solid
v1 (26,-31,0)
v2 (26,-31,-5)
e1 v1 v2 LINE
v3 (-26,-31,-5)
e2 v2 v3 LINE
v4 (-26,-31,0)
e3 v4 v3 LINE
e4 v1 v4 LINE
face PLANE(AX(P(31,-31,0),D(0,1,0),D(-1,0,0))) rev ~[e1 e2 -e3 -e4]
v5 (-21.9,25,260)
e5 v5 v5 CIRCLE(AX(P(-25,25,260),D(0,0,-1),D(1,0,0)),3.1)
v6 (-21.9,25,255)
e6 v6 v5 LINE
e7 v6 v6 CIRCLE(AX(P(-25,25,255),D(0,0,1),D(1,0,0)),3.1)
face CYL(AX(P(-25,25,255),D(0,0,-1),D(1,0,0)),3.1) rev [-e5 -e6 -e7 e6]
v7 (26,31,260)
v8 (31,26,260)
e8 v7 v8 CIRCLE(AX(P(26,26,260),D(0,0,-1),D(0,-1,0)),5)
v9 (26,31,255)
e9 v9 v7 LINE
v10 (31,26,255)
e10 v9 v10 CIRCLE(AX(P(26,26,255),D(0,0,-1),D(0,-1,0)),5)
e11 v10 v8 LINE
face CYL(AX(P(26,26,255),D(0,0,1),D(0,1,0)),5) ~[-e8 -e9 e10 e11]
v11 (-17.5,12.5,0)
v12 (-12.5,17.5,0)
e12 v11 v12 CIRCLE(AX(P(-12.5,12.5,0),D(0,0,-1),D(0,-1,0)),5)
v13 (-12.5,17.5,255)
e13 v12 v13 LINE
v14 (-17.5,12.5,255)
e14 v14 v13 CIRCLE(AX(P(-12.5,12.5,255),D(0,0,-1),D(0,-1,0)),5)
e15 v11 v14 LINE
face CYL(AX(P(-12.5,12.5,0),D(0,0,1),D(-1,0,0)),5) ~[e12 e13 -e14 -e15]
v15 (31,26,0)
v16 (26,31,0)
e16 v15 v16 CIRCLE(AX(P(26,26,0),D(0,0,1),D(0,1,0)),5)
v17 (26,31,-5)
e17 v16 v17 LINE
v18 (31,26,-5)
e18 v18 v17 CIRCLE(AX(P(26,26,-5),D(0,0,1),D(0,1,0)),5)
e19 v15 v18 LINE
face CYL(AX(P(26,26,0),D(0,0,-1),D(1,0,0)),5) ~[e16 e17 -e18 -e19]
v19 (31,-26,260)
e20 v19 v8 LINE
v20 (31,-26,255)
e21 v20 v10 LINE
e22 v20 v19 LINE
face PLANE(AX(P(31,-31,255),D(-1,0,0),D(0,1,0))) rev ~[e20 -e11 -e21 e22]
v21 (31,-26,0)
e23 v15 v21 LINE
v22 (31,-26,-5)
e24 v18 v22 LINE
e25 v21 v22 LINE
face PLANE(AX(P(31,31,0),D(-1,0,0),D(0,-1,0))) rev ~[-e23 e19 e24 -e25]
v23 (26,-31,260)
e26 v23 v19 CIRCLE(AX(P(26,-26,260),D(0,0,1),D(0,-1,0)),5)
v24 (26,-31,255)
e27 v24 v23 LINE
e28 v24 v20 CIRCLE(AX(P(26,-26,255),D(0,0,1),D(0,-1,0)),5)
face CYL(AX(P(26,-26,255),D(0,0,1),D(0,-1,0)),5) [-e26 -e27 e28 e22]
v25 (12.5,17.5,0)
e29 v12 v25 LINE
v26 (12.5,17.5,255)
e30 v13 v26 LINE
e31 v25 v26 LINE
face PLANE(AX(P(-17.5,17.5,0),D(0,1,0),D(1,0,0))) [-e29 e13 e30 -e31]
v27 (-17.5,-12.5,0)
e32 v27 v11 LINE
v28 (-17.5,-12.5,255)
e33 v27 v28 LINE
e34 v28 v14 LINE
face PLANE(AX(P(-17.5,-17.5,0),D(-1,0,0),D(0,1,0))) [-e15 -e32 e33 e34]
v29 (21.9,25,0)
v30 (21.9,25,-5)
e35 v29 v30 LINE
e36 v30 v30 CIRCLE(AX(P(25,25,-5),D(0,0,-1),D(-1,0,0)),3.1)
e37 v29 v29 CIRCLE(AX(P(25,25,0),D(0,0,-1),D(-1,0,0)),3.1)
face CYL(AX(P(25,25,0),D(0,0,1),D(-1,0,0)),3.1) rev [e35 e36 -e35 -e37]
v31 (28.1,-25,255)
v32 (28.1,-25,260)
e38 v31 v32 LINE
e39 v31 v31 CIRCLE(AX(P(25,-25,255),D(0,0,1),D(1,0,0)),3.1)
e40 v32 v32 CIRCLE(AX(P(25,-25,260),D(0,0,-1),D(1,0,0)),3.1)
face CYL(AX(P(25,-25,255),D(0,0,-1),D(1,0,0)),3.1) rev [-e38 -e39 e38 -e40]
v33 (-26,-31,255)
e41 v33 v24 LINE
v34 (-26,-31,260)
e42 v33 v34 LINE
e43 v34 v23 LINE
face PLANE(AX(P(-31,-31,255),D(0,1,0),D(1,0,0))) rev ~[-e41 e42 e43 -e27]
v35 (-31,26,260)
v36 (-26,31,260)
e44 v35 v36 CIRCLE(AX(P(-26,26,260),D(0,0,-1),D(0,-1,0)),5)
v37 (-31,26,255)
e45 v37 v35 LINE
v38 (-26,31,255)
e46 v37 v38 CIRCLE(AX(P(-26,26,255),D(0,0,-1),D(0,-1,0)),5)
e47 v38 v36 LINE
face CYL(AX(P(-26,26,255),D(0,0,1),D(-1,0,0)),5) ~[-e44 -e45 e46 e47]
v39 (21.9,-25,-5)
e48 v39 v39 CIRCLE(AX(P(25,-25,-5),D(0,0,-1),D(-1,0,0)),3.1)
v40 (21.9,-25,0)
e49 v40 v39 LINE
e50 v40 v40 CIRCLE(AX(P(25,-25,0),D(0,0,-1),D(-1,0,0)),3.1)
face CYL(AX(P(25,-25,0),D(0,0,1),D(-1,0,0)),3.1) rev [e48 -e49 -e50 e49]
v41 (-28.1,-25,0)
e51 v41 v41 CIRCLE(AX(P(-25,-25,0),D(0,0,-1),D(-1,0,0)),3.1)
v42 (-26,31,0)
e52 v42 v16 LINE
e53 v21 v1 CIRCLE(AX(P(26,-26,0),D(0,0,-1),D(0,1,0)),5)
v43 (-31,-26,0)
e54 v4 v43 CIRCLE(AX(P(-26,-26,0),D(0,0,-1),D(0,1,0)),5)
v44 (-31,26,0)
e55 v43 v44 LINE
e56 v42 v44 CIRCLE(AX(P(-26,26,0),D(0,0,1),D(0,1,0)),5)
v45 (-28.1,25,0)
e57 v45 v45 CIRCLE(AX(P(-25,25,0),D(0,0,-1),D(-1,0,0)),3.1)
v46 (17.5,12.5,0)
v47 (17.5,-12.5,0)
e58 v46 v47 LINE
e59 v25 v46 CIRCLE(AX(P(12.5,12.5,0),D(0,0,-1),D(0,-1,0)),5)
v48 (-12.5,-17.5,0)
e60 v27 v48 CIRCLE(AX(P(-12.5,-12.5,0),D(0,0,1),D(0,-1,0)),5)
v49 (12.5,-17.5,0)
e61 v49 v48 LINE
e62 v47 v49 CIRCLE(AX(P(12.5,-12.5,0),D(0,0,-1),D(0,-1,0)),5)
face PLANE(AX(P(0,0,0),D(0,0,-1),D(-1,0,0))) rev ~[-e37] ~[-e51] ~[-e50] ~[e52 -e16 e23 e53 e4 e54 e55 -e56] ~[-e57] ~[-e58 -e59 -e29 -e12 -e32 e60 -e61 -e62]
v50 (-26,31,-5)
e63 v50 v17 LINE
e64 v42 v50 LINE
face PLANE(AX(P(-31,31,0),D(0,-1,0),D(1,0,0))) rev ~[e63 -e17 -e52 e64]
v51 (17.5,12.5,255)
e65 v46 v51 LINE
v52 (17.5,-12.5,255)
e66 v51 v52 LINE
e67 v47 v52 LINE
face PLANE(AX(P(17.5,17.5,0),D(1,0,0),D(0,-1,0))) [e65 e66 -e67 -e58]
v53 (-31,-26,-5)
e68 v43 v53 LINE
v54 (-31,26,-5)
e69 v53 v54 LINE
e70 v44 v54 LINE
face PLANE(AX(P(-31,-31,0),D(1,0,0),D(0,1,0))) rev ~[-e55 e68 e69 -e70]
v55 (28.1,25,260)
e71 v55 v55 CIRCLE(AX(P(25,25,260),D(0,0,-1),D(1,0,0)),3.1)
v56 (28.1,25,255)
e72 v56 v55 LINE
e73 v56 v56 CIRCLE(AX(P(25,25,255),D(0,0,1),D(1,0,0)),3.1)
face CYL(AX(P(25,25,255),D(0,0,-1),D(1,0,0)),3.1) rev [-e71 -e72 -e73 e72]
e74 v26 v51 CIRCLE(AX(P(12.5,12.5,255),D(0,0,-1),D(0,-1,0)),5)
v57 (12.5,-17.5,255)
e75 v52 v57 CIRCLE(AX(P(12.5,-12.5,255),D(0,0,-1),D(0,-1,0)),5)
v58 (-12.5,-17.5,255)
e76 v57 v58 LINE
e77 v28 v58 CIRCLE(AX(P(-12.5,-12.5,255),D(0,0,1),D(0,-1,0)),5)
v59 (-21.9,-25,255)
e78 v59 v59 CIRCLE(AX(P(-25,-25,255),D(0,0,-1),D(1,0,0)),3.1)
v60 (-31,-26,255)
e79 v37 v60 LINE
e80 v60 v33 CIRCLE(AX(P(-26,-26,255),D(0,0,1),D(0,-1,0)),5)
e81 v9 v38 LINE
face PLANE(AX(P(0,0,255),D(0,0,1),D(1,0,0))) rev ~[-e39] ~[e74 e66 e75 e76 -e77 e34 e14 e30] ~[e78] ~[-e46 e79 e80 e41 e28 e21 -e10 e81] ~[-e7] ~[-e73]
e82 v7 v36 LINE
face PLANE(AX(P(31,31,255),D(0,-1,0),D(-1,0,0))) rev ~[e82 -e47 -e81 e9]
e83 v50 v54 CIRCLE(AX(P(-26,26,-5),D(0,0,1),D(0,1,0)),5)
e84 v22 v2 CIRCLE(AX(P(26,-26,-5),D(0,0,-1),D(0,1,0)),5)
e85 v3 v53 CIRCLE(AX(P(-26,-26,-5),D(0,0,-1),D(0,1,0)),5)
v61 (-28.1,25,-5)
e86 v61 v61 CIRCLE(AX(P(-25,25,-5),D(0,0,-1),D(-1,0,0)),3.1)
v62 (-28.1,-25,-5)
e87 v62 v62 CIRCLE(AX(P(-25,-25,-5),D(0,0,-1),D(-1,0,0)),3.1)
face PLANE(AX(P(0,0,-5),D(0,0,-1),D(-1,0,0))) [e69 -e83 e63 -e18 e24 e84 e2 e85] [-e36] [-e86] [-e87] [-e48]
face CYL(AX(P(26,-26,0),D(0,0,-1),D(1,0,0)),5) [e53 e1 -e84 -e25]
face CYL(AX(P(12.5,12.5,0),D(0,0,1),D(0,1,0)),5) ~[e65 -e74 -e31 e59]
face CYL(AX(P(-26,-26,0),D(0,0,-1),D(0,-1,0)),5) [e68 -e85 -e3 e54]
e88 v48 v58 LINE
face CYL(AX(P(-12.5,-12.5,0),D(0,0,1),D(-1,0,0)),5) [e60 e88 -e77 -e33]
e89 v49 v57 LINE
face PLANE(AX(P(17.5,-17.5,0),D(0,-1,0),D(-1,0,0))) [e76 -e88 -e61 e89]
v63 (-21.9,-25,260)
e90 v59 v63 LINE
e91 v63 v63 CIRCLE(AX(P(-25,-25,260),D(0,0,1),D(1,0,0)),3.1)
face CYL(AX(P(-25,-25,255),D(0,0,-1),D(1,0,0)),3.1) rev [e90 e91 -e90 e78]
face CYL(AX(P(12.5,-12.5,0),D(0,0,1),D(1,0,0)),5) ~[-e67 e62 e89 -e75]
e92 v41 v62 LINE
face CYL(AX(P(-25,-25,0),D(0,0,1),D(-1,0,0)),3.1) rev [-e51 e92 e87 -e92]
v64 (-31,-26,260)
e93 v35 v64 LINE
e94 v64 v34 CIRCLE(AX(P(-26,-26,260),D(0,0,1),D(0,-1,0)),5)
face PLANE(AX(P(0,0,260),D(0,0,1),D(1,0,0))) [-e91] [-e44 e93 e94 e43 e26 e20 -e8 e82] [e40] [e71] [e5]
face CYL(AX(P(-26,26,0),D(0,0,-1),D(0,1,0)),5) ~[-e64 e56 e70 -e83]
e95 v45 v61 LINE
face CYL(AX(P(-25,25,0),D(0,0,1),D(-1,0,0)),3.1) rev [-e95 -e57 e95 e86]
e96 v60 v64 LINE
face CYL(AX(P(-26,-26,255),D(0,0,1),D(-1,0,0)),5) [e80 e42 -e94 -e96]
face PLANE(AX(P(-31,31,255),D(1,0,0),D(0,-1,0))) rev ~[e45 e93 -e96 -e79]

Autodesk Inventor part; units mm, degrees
ref_plane "YZ Plane" through (0, 0, 0) normal (1, 0, 0) x (0, 1, 0)
ref_plane "XZ Plane" through (0, 0, 0) normal (0, 1, 0) x (-1, 0, 0)
ref_plane "XY Plane" through (0, 0, 0) normal (0, 0, 1) x (1, 0, 0)
sketch "스케치1" plane through (0, 0, 0) normal (0, 0, 1) x (1, 0, 0)
  line L0 (-17.5, 17.5) -> (17.5, 17.5)
  line L1 (17.5, 17.5) -> (17.5, -17.5)
  line L2 (17.5, -17.5) -> (-17.5, -17.5)
  line L3 (-17.5, -17.5) -> (-17.5, 17.5)
  line L4 (-17.5, 17.5) -> (17.5, -17.5) construction
  line L5 (17.5, 17.5) -> (-17.5, -17.5) construction
  point P0 (0, 0)
  dimension "d0" = 35
  dimension "d1" = 35
extrude "돌출1" add sketch "스케치1" along normal blind 255
sketch "스케치2" plane through (0, 0, 255) normal (0, 0, 1) x (1, 0, 0)
  line L0 (-25, -25) -> (25, -25)
  line L1 (25, -25) -> (25, 25)
  line L2 (25, 25) -> (-25, 25)
  line L3 (-25, 25) -> (-25, -25)
  line L4 (-25, -25) -> (25, 25) construction
  line L5 (25, -25) -> (-25, 25) construction
  circle A0 centre (25, 25) radius 3.1
  circle A1 centre (-25, 25) radius 3.1
  circle A2 centre (-25, -25) radius 3.1
  circle A3 centre (25, -25) radius 3.1
  line L6 (-31, -31) -> (31, -31)
  line L7 (31, -31) -> (31, 31)
  line L8 (31, 31) -> (-31, 31)
  line L9 (-31, 31) -> (-31, -31)
  line L10 (-31, -31) -> (31, 31) construction
  line L11 (31, -31) -> (-31, 31) construction
  point P0 (0, 0)
  dimension "d4" = 50
  dimension "d5" = 50
  dimension "d6" = 6.2
  dimension "d9" = 360
  dimension "d11" = 62
  dimension "d12" = 62
extrude "돌출2" add sketch "스케치2" along normal blind 5 contours A2 L3 A1 L2 A0 L1 A3 L0 | L9 L8 L7 L6
sketch "스케치3" plane through (0, 0, 0) normal (0, 0, -1) x (-1, 0, 0)
  line L0 (-31, -31) -> (31, -31)
  line L1 (31, -31) -> (31, 31)
  line L2 (31, 31) -> (-31, 31)
  line L3 (-31, 31) -> (-31, -31)
  line L4 (-31, -31) -> (31, 31) construction
  line L5 (31, -31) -> (-31, 31) construction
  circle A0 centre (25, 25) radius 3.1 projected
  circle A1 centre (25, 25) radius 3.1
  circle A2 centre (-25, 25) radius 3.1
  circle A3 centre (-25, -25) radius 3.1
  circle A4 centre (25, -25) radius 3.1
  point P0 (0, 0)
  dimension "d17" = 360
extrude "돌출3" add sketch "스케치3" along normal blind 5
fillet "모깎기1" radius 5 12 edges at (17.5, 17.5, 127.5) (17.5, -17.5, 127.5) (-17.5, 17.5, 127.5) (31, 31, -2.5) (31, -31, -2.5) (-17.5, -17.5, 127.5) (-31, -31, -2.5) (-31, 31, -2.5) (-31, -31, 257.5) (-31, 31, 257.5) (31, -31, 257.5) (31, 31, 257.5)
properties part number "post"
